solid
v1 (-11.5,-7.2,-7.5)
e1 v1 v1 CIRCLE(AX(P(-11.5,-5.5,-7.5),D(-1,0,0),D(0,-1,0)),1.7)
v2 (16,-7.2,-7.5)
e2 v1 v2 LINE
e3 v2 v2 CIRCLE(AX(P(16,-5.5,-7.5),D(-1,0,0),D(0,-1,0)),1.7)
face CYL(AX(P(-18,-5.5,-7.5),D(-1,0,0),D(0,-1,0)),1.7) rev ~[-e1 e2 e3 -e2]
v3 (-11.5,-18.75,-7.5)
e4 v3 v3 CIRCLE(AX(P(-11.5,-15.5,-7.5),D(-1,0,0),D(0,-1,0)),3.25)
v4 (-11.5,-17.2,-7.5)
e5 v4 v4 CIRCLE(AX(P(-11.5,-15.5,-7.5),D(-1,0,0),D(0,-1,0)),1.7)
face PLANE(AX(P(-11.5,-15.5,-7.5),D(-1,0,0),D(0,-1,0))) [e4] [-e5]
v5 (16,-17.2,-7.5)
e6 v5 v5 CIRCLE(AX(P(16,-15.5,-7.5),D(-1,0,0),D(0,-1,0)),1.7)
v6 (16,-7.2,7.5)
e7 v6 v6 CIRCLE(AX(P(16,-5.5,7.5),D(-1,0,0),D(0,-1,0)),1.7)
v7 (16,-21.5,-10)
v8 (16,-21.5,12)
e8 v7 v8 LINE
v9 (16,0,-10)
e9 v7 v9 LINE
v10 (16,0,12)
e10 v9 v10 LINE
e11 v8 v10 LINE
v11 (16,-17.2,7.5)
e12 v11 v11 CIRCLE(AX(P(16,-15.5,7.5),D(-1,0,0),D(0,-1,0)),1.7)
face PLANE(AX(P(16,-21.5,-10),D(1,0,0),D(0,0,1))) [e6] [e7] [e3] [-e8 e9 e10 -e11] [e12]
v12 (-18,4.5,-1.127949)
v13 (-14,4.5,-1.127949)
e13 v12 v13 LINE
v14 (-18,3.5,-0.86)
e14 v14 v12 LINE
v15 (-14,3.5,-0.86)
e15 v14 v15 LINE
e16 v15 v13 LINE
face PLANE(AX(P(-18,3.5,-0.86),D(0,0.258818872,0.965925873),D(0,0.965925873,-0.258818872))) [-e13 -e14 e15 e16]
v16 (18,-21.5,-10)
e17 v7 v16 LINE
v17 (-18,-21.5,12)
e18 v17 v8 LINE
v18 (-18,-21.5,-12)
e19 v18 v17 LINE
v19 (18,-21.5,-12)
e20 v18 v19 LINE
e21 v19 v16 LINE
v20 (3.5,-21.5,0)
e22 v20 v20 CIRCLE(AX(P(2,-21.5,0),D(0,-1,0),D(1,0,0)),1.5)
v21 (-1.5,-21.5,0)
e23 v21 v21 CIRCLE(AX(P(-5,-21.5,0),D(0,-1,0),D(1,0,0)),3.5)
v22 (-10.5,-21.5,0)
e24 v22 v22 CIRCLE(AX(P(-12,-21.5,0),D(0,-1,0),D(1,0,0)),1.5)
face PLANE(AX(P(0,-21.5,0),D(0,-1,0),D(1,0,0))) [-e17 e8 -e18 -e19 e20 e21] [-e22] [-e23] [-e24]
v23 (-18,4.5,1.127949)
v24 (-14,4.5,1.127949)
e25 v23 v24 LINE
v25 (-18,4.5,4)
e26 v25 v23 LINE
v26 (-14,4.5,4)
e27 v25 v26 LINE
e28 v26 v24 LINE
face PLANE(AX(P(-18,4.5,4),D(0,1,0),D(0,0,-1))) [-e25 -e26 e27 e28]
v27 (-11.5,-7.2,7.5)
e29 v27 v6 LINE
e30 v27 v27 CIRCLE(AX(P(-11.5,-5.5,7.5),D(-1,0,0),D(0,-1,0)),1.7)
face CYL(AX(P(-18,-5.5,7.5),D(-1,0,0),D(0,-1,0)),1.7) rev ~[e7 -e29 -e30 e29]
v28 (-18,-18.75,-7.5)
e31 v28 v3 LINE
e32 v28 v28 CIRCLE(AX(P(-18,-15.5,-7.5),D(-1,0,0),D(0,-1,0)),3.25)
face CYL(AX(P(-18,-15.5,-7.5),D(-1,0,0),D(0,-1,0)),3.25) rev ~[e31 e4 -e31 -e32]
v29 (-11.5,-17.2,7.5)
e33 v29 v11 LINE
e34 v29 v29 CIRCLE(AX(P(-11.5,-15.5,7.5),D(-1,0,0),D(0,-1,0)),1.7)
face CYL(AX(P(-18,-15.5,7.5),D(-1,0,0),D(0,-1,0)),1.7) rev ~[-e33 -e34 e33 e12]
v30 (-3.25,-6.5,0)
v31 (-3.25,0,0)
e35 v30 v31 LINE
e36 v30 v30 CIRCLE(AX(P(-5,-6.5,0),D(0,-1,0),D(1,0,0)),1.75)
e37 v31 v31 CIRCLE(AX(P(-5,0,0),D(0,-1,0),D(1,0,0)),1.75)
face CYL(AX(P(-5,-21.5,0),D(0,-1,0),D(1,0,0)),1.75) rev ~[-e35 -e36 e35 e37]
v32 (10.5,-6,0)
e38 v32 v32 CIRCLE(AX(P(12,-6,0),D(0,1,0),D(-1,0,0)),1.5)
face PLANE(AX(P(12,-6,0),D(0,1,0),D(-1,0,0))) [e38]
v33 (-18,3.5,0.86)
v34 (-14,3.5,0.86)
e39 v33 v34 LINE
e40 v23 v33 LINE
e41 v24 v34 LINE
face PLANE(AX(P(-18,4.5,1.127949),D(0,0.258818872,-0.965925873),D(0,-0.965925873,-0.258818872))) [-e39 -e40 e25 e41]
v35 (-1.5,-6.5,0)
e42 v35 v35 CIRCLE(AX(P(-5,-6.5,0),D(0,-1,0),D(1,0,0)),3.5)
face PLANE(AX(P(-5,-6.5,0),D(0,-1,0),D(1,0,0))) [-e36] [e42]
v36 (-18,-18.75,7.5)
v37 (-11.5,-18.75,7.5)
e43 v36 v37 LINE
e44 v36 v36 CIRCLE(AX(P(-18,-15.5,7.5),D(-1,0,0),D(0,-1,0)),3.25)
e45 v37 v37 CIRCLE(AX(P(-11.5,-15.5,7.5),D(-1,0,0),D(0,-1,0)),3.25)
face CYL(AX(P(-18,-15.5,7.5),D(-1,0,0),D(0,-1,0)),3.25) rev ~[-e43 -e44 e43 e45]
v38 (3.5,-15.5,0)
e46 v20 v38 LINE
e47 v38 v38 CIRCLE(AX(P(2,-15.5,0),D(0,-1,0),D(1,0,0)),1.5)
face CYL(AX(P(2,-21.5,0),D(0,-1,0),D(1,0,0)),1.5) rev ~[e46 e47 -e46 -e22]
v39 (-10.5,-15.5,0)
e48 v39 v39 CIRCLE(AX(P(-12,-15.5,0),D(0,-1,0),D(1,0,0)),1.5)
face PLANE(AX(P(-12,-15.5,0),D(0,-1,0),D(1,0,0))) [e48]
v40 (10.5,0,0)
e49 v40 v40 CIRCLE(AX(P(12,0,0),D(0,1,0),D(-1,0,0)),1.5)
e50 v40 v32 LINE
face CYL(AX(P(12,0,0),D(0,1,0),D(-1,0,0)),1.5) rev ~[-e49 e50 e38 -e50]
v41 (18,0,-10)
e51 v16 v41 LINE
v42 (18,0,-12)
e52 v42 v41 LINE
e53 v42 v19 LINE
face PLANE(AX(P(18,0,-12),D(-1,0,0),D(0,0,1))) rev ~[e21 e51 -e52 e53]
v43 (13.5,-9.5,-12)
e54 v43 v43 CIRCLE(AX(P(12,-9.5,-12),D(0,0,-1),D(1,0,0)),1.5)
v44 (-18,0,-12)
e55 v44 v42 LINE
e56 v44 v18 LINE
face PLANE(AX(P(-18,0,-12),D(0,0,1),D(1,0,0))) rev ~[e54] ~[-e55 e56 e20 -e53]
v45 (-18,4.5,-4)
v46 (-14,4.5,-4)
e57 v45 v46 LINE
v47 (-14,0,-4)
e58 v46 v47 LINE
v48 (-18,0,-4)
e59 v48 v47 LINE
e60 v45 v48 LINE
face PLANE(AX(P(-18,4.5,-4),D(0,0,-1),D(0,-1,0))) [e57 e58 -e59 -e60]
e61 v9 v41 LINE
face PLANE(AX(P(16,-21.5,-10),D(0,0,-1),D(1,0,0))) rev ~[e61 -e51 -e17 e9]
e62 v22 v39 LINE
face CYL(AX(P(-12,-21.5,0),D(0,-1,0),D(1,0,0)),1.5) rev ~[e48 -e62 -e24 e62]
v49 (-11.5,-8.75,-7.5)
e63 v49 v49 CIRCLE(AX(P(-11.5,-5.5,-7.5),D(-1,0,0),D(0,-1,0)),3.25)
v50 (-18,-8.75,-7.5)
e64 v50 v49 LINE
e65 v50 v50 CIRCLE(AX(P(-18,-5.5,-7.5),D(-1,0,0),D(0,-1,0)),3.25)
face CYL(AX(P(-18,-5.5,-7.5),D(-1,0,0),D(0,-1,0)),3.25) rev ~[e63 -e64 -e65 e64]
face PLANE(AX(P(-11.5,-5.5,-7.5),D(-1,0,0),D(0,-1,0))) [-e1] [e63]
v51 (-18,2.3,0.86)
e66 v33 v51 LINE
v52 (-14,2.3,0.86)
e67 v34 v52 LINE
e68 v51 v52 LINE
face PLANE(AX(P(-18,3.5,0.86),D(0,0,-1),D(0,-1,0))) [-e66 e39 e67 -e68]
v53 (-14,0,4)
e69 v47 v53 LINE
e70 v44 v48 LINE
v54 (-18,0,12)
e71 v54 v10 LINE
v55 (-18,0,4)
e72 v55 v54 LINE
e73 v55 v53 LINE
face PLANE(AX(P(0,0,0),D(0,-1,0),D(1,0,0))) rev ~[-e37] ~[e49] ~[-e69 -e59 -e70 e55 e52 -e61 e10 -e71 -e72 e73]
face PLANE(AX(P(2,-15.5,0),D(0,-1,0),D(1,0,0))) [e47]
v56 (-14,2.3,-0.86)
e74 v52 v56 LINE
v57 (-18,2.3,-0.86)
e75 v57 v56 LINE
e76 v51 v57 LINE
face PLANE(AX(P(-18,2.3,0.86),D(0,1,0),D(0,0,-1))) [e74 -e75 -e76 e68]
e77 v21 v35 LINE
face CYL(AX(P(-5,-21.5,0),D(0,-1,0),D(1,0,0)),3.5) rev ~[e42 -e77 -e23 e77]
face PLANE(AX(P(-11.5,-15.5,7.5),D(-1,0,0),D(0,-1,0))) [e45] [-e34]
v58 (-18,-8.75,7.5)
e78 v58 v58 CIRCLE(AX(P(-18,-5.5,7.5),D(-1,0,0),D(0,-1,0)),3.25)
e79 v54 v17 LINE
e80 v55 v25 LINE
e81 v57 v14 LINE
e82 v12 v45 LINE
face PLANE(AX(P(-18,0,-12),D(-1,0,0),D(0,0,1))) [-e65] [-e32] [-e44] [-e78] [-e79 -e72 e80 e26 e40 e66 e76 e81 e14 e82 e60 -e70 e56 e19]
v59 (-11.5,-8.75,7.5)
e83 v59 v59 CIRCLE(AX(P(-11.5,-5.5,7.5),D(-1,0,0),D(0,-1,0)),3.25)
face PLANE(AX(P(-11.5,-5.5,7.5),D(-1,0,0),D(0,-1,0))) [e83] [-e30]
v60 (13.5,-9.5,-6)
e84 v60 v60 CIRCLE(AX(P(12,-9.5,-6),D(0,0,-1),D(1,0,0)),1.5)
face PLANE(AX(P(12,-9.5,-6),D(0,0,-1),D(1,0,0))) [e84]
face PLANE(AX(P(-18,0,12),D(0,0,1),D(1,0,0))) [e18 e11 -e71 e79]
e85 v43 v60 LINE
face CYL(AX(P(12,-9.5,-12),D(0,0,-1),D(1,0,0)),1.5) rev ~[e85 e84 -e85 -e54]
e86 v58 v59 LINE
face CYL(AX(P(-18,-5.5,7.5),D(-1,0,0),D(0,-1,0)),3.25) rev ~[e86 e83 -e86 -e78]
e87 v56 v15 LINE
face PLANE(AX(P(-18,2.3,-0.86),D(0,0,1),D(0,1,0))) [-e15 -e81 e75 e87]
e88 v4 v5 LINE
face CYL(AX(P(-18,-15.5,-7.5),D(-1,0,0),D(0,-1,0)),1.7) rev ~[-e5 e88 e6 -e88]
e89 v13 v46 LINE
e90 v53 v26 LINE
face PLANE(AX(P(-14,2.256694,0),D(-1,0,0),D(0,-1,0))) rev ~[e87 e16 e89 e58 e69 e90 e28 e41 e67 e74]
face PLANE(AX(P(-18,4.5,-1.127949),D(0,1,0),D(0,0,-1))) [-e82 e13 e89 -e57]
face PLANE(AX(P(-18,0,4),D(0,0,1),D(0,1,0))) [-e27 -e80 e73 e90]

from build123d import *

# Parameters (mm, degrees)
F0_W      = 36
F0_H      = 24
F1_DEPTH  = 21.5
F2_R      = 1.7
F3_DEPTH  = 36.001
F5_DEPTH  = 4
F6_R      = 3.25
F7_DEPTH  = 6.5
F8_R      = 1.5
F9_DEPTH  = 6
F10_W     = 2
F10_H     = 22
F10_R     = 1.75
F11_DEPTH = 26.001
F12_R     = 3.5
F13_DEPTH = 15
F14_R     = 1.5
F15_DEPTH = 6
F16_R     = 1.5
F17_DEPTH = 6


with BuildPart() as f1:
    # F0 (on Front) → F1 (new body)
    with BuildSketch(Plane.XZ):
        Rectangle(F0_W, F0_H)
    extrude(amount=F1_DEPTH)

    # F2 (on face) → F3 (cut, through all)
    with BuildSketch(Plane(origin=(-18, 0, 0), x_dir=(0, -1, 0), z_dir=(-1, 0, 0))):
        with Locations((15.5, 7.5)):
            Circle(F2_R)
        with Locations((5.5, -7.5)):
            Circle(F2_R)
        with Locations((5.5, 7.5)):
            Circle(F2_R)
        with Locations((15.5, -7.5)):
            Circle(F2_R)
    extrude(amount=-F3_DEPTH, mode=Mode.SUBTRACT)

    # F4 (on face) → F5 (join)
    with BuildSketch(Plane(origin=(-18, 0, 0), x_dir=(0, -1, 0), z_dir=(-1, 0, 0))):
        Polygon((0, -4), (0, 4), (-4.5, 4), (-4.5, 1.127949), (-3.5, 0.86), (-2.3, 0.86), (-2.3, -0.86), (-3.5, -0.86), (-4.5, -1.127949), (-4.5, -4), align=None)
    extrude(amount=-F5_DEPTH)

    # F6 (on face) → F7 (cut)
    with BuildSketch(Plane(origin=(-18, 0, 0), x_dir=(0, -1, 0), z_dir=(-1, 0, 0))):
        with Locations((15.5, 7.5)):
            Circle(F6_R)
        with Locations((5.5, 7.5)):
            Circle(F6_R)
        with Locations((5.5, -7.5)):
            Circle(F6_R)
        with Locations((15.5, -7.5)):
            Circle(F6_R)
    extrude(amount=-F7_DEPTH, mode=Mode.SUBTRACT)

    # F8 (on face) → F9 (cut)
    with BuildSketch(Plane.XZ.offset(21.5)):
        with Locations((-12, 0)):
            Circle(F8_R)
        with Locations((2, 0)):
            Circle(F8_R)
    extrude(amount=-F9_DEPTH, mode=Mode.SUBTRACT)

    # F10 (on face) → F11 (cut, through all)
    with BuildSketch(Plane.XZ.offset(21.5)):
        with Locations((17, 1)):
            Rectangle(F10_W, F10_H)
        with Locations((-5, 0)):
            Circle(F10_R)
    extrude(amount=-F11_DEPTH, mode=Mode.SUBTRACT)

    # F12 (on face) → F13 (cut)
    with BuildSketch(Plane.XZ.offset(21.5)):
        with Locations((-5, 0)):
            Circle(F12_R)
    extrude(amount=-F13_DEPTH, mode=Mode.SUBTRACT)

    # F14 (on face) → F15 (cut)
    with BuildSketch(Plane(origin=(0, 0, -12), x_dir=(1, 0, 0), z_dir=(0, 0, -1))):
        with Locations((12, 9.5)):
            Circle(F14_R)
    extrude(amount=-F15_DEPTH, mode=Mode.SUBTRACT)

    # F16 (on face) → F17 (cut)
    with BuildSketch(Plane(origin=(0, 0, 0), x_dir=(-1, 0, 0), z_dir=(0, 1, 0))):
        with Locations((-12, 0)):
            Circle(F16_R)
    extrude(amount=-F17_DEPTH, mode=Mode.SUBTRACT)


solid = f1.part
